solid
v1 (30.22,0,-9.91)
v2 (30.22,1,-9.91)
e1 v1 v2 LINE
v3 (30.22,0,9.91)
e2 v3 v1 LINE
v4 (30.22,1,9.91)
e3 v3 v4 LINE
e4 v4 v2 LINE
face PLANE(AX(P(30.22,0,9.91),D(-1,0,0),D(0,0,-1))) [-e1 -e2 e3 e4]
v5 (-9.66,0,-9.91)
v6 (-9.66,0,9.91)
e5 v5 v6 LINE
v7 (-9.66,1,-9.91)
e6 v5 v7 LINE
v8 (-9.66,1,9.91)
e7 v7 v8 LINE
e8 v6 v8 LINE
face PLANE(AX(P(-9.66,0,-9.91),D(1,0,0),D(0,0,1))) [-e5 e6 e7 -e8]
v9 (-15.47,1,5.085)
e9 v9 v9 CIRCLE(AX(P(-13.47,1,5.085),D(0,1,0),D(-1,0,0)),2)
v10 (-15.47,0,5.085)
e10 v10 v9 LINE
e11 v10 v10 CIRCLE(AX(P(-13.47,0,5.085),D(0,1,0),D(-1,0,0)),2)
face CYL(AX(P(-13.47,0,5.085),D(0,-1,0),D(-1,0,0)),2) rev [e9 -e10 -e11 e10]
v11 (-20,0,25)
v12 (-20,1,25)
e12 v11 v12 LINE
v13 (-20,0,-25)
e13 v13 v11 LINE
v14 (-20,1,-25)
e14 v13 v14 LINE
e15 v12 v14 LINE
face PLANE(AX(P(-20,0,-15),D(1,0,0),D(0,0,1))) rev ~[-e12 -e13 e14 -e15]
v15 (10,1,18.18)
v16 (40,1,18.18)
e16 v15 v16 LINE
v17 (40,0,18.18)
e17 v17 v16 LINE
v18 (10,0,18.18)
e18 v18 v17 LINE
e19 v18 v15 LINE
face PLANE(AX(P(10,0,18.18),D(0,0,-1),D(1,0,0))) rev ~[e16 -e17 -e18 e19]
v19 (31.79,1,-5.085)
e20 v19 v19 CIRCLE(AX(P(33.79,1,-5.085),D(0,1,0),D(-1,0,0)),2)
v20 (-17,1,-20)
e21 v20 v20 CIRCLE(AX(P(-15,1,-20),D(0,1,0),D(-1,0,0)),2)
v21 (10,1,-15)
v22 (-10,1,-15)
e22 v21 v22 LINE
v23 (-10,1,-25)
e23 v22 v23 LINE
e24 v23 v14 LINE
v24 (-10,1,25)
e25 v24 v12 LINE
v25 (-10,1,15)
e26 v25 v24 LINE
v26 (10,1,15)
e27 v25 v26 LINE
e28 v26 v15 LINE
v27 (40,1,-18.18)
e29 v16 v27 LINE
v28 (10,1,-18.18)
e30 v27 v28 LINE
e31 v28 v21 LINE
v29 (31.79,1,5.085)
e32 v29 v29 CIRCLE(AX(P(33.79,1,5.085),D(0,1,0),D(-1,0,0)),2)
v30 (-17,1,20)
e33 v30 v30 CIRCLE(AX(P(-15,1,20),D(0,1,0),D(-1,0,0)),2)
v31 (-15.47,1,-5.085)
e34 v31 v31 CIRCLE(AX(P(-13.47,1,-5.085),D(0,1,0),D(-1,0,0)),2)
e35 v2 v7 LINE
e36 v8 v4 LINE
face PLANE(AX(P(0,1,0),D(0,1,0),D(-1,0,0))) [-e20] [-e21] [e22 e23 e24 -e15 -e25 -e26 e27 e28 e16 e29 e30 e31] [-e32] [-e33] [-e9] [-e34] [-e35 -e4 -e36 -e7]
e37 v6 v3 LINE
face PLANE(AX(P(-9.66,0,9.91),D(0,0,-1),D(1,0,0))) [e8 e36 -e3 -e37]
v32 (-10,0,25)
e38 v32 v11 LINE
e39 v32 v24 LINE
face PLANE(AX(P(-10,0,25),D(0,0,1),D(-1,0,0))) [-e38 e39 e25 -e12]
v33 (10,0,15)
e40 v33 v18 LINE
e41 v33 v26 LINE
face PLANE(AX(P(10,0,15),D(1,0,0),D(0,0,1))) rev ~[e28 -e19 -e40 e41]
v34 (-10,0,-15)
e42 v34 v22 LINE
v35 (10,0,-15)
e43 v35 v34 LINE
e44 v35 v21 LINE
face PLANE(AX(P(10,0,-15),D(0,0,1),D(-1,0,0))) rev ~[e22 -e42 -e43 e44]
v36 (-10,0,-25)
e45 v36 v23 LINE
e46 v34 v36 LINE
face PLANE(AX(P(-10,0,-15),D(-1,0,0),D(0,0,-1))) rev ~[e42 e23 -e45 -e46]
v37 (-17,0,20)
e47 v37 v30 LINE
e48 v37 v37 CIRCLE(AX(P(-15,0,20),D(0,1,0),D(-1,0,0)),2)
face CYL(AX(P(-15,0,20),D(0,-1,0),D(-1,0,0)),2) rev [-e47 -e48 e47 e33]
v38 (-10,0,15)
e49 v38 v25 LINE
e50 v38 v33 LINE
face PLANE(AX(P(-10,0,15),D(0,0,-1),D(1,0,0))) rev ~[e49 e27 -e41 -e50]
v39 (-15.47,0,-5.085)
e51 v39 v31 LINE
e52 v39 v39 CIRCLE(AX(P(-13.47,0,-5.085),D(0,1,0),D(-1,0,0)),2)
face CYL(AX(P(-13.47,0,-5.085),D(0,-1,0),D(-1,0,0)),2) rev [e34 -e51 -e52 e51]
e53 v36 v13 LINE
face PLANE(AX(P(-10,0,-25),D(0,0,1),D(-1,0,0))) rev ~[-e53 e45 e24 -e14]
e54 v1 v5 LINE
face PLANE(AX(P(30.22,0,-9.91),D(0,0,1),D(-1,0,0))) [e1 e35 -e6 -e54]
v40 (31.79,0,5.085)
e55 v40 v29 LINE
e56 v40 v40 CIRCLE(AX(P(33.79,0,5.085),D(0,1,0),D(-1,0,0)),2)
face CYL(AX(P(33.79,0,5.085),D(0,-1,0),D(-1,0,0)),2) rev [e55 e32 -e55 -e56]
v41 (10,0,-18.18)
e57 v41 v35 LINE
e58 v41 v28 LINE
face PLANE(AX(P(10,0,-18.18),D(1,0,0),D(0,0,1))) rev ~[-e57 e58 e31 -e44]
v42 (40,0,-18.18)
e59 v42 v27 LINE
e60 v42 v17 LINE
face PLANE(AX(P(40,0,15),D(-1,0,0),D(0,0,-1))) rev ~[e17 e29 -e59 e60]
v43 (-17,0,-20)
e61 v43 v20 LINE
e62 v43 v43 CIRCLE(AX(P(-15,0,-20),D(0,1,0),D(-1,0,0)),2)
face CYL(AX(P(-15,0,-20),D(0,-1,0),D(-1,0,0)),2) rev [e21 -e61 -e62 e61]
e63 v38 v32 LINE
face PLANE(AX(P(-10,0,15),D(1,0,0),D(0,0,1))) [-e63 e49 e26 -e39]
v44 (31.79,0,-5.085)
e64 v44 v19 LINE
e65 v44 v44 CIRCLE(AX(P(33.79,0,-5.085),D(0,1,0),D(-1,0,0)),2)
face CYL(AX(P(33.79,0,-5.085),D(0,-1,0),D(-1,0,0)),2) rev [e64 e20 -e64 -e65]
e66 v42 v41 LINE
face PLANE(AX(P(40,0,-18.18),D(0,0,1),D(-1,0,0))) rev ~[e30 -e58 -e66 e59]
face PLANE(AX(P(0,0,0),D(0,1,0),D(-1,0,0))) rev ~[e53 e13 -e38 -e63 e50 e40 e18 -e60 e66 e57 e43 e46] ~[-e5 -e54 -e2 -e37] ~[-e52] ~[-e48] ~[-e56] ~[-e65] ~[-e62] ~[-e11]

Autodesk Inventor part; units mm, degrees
ref_plane "YZ Plane" through (0, 0, 0) normal (1, 0, 0) x (0, 1, 0)
ref_plane "XZ Plane" through (0, 0, 0) normal (0, 1, 0) x (-1, 0, 0)
ref_plane "XY Plane" through (0, 0, 0) normal (0, 0, 1) x (1, 0, 0)
sketch "Boceto1" plane through (0, 0, 0) normal (0, 1, 0) x (-1, 0, 0)
  circle A0 centre (0, 0) radius 5
  line L0 (9.66, 9.91) -> (-30.22, 9.91)
  line L1 (-30.22, 9.91) -> (-30.22, -9.91)
  line L2 (-30.22, -9.91) -> (9.66, -9.91)
  line L3 (9.66, -9.91) -> (9.66, 9.91)
  circle A1 centre (-33.79, 5.085) radius 2
  circle A2 centre (13.47, -5.085) radius 2
  circle A3 centre (13.47, 5.085) radius 2
  circle A4 centre (-33.79, -5.085) radius 2
  line L4 (20, 15) -> (-40, 15)
  line L5 (-40, 15) -> (-40, -15)
  line L6 (-40, -15) -> (20, -15)
  line L7 (20, -15) -> (20, 15)
  line L8 (20, -15) -> (10, -15)
  line L9 (10, -15) -> (10, -25)
  line L10 (10, -25) -> (20, -25)
  line L11 (20, -25) -> (20, -15)
  line L12 (20, 15) -> (10, 15)
  line L13 (10, 15) -> (10, 25)
  line L14 (10, 25) -> (20, 25)
  line L15 (20, 25) -> (20, 15)
  circle A5 centre (15, 20) radius 2
  circle A6 centre (15, -20) radius 2
  line L16 (-10, -15) -> (-40, -15)
  line L17 (-40, -15) -> (-40, -18.18)
  line L18 (-40, -18.18) -> (-10, -18.18)
  line L19 (-10, -18.18) -> (-10, -15)
  line L20 (-10, 18.18) -> (-40, 18.18)
  line L21 (-40, 18.18) -> (-40, 15)
  line L22 (-40, 15) -> (-10, 15)
  line L23 (-10, 15) -> (-10, 18.18)
  dimension "d0" = 10
  dimension "d1" = 9.91
  dimension "d2" = 19.82
  dimension "d3" = 9.66
  dimension "d4" = 39.88
  dimension "d5" = 4
  dimension "d6" = 4
  dimension "d7" = 4
  dimension "d8" = 5.085
  dimension "d9" = 10.17
  dimension "d10" = 13.47
  dimension "d11" = 13.47
  dimension "d12" = 4
  dimension "d13" = 33.79
  dimension "d14" = 33.79
  dimension "d15" = 5.085
  dimension "d16" = 10.17
  dimension "d25" = 15
  dimension "d26" = 30
  dimension "d27" = 60
  dimension "d28" = 40
  dimension "d29" = 10
  dimension "d30" = 10
  dimension "d31" = 10
  dimension "d32" = 4
  dimension "d33" = 4
  dimension "d34" = 5
  dimension "d35" = 5
  dimension "d36" = 5
  dimension "d37" = 5
  dimension "d38" = 3.18
  dimension "d39" = 30
extrude "Extrusión1" add sketch "Boceto1" along normal blind 1 contours L7 L6 L5 L4 | L4 L13 L14 L15 | L11 L10 L9 L6 | L4 L21 L20 L23 | L19 L18 L17 L6
properties part number "PINZA_SOST.SERVO"
